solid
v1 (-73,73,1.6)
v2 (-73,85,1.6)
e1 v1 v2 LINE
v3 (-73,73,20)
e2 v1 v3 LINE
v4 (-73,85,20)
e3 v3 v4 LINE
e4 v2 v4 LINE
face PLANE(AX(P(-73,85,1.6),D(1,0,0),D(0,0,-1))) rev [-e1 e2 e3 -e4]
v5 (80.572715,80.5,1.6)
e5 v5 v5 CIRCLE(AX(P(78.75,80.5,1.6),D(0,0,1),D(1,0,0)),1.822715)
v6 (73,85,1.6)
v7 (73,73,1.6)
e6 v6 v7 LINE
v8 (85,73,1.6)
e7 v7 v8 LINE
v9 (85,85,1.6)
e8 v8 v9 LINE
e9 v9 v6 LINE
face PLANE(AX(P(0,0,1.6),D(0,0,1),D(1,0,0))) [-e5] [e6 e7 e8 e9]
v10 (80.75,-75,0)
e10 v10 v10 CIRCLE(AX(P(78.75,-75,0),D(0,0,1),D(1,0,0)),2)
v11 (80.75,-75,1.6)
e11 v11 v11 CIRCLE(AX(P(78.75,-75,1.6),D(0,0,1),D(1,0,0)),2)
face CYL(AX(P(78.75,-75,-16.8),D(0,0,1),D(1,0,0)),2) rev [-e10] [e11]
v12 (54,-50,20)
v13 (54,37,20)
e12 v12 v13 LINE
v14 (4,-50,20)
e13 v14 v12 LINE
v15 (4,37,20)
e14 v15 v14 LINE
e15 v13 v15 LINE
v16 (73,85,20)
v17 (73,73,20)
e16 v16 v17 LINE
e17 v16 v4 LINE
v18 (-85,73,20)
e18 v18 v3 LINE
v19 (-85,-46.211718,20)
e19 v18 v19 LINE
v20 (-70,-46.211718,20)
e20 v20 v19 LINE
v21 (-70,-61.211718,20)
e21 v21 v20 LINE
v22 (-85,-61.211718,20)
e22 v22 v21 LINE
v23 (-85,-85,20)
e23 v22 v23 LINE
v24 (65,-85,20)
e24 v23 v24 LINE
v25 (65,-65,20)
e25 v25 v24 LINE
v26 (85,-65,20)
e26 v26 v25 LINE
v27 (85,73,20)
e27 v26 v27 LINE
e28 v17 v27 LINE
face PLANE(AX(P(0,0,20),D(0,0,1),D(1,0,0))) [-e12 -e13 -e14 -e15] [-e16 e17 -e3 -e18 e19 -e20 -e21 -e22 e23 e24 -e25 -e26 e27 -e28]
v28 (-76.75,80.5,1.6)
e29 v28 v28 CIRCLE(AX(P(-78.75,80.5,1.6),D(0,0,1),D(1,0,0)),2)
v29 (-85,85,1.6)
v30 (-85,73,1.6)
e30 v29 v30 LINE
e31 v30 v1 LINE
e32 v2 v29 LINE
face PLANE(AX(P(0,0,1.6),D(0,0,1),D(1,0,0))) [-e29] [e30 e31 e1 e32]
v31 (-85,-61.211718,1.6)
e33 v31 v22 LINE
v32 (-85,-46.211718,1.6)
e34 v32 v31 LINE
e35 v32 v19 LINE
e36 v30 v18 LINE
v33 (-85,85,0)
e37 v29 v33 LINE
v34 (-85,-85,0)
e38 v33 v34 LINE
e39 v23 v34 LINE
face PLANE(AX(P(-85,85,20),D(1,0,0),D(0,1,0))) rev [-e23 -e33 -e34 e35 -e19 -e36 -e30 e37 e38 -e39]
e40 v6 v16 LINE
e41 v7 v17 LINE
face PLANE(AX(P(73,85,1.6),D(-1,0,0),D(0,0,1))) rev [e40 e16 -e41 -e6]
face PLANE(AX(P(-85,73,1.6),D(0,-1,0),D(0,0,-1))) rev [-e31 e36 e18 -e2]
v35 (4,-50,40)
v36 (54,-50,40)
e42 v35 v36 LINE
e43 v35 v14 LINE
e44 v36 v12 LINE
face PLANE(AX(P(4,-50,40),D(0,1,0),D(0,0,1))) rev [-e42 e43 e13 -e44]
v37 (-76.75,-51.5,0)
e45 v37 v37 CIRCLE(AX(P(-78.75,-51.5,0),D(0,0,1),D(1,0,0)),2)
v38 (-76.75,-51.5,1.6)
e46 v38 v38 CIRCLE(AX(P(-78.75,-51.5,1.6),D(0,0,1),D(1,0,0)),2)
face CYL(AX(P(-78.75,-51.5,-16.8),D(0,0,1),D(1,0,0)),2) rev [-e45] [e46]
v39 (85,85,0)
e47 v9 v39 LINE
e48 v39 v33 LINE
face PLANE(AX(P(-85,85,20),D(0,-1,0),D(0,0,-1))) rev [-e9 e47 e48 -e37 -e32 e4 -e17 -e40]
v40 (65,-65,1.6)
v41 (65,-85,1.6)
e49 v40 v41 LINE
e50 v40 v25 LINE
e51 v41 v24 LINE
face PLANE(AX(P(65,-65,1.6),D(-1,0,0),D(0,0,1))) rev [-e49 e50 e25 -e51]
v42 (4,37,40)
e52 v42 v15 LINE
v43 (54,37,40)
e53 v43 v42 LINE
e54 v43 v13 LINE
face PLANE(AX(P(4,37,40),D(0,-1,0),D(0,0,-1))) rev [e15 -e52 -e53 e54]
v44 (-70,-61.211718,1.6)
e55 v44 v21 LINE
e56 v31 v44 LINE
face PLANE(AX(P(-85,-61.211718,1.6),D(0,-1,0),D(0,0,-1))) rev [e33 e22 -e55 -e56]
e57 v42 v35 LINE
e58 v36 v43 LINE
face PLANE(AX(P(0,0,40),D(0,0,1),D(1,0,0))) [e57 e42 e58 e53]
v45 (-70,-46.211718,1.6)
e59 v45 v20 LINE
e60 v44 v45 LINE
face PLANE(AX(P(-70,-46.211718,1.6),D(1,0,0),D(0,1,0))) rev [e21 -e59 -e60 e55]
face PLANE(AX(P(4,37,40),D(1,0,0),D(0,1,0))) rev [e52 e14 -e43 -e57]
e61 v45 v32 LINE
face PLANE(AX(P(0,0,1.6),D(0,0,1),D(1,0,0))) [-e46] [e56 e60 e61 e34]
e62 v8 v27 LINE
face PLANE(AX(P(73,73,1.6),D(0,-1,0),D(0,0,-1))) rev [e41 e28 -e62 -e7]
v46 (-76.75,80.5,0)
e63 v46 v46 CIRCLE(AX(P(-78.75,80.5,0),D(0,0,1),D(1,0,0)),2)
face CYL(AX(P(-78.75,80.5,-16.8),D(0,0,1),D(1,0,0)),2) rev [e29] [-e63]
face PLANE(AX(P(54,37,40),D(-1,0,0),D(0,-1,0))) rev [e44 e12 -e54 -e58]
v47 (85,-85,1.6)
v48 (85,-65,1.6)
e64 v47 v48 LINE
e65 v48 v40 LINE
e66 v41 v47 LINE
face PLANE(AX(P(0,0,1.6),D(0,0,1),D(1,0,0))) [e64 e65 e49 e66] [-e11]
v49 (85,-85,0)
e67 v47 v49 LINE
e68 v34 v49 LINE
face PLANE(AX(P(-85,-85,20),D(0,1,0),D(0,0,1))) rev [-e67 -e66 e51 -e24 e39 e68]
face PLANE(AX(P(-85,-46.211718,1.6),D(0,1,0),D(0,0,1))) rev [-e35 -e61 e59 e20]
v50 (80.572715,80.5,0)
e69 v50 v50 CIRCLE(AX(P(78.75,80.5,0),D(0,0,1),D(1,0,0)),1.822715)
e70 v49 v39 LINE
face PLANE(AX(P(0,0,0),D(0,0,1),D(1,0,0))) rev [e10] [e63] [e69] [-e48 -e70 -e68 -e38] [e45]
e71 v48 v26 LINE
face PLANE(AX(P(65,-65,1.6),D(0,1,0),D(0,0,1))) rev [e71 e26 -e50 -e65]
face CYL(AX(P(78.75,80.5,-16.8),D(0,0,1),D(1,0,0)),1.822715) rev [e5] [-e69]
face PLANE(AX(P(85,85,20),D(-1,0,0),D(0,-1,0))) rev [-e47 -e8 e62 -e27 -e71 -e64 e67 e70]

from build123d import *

# Parameters (mm, degrees)
SKETCH_1_W          = 170
SKETCH_1_H          = 170
EXTRUDE_1_DEPTH     = 20
SKETCH_2_W          = 20
SKETCH_2_H          = 20
SKETCH_2_W_2        = 12
SKETCH_2_H_2        = 12
SKETCH_2_W_3        = 15
SKETCH_2_H_3        = 15
CUT_EXTRUDE_1_DEPTH = 18.4
SKETCH_3_R          = 2
SKETCH_3_R_2        = 1.82271494
CUT_EXTRUDE_2_DEPTH = 18.4
SKETCH_4_W          = 50
SKETCH_4_H          = 87
EXTRUDE_2_DEPTH     = 20


with BuildPart() as part:
    # 草圖1 → 填料-伸長1 (new body)
    with BuildSketch(Plane.XY):
        Rectangle(SKETCH_1_W, SKETCH_1_H)
    extrude(amount=EXTRUDE_1_DEPTH)

    # 草圖2 → 除料-伸長1 (cut)
    with BuildSketch(Plane.XY.offset(20)):
        with Locations((75, -75)):
            Rectangle(SKETCH_2_W, SKETCH_2_H)
        with Locations((79, 79)):
            Rectangle(SKETCH_2_W_2, SKETCH_2_H_2)
        with Locations((-79, 79)):
            Rectangle(SKETCH_2_W_2, SKETCH_2_H_2)
        with Locations((-77.5, -53.711717692)):
            Rectangle(SKETCH_2_W_3, SKETCH_2_H_3)
    extrude(amount=-CUT_EXTRUDE_1_DEPTH, mode=Mode.SUBTRACT)

    # 草圖3 → 除料-伸長2 (cut)
    with BuildSketch(Plane.XY.offset(1.6)):
        with Locations((78.75, -75)):
            Circle(SKETCH_3_R)
        with Locations((78.75, 80.5)):
            Circle(SKETCH_3_R_2)
        with Locations((-78.75, 80.5)):
            Circle(SKETCH_3_R)
        with Locations((-78.75, -51.5)):
            Circle(SKETCH_3_R)
    extrude(amount=-CUT_EXTRUDE_2_DEPTH, mode=Mode.SUBTRACT)

    # 草圖4 → 填料-伸長2 (add)
    with BuildSketch(Plane.XY.offset(20)):
        with Locations((29, -6.5)):
            Rectangle(SKETCH_4_W, SKETCH_4_H)
    extrude(amount=EXTRUDE_2_DEPTH)


solid = part.part
